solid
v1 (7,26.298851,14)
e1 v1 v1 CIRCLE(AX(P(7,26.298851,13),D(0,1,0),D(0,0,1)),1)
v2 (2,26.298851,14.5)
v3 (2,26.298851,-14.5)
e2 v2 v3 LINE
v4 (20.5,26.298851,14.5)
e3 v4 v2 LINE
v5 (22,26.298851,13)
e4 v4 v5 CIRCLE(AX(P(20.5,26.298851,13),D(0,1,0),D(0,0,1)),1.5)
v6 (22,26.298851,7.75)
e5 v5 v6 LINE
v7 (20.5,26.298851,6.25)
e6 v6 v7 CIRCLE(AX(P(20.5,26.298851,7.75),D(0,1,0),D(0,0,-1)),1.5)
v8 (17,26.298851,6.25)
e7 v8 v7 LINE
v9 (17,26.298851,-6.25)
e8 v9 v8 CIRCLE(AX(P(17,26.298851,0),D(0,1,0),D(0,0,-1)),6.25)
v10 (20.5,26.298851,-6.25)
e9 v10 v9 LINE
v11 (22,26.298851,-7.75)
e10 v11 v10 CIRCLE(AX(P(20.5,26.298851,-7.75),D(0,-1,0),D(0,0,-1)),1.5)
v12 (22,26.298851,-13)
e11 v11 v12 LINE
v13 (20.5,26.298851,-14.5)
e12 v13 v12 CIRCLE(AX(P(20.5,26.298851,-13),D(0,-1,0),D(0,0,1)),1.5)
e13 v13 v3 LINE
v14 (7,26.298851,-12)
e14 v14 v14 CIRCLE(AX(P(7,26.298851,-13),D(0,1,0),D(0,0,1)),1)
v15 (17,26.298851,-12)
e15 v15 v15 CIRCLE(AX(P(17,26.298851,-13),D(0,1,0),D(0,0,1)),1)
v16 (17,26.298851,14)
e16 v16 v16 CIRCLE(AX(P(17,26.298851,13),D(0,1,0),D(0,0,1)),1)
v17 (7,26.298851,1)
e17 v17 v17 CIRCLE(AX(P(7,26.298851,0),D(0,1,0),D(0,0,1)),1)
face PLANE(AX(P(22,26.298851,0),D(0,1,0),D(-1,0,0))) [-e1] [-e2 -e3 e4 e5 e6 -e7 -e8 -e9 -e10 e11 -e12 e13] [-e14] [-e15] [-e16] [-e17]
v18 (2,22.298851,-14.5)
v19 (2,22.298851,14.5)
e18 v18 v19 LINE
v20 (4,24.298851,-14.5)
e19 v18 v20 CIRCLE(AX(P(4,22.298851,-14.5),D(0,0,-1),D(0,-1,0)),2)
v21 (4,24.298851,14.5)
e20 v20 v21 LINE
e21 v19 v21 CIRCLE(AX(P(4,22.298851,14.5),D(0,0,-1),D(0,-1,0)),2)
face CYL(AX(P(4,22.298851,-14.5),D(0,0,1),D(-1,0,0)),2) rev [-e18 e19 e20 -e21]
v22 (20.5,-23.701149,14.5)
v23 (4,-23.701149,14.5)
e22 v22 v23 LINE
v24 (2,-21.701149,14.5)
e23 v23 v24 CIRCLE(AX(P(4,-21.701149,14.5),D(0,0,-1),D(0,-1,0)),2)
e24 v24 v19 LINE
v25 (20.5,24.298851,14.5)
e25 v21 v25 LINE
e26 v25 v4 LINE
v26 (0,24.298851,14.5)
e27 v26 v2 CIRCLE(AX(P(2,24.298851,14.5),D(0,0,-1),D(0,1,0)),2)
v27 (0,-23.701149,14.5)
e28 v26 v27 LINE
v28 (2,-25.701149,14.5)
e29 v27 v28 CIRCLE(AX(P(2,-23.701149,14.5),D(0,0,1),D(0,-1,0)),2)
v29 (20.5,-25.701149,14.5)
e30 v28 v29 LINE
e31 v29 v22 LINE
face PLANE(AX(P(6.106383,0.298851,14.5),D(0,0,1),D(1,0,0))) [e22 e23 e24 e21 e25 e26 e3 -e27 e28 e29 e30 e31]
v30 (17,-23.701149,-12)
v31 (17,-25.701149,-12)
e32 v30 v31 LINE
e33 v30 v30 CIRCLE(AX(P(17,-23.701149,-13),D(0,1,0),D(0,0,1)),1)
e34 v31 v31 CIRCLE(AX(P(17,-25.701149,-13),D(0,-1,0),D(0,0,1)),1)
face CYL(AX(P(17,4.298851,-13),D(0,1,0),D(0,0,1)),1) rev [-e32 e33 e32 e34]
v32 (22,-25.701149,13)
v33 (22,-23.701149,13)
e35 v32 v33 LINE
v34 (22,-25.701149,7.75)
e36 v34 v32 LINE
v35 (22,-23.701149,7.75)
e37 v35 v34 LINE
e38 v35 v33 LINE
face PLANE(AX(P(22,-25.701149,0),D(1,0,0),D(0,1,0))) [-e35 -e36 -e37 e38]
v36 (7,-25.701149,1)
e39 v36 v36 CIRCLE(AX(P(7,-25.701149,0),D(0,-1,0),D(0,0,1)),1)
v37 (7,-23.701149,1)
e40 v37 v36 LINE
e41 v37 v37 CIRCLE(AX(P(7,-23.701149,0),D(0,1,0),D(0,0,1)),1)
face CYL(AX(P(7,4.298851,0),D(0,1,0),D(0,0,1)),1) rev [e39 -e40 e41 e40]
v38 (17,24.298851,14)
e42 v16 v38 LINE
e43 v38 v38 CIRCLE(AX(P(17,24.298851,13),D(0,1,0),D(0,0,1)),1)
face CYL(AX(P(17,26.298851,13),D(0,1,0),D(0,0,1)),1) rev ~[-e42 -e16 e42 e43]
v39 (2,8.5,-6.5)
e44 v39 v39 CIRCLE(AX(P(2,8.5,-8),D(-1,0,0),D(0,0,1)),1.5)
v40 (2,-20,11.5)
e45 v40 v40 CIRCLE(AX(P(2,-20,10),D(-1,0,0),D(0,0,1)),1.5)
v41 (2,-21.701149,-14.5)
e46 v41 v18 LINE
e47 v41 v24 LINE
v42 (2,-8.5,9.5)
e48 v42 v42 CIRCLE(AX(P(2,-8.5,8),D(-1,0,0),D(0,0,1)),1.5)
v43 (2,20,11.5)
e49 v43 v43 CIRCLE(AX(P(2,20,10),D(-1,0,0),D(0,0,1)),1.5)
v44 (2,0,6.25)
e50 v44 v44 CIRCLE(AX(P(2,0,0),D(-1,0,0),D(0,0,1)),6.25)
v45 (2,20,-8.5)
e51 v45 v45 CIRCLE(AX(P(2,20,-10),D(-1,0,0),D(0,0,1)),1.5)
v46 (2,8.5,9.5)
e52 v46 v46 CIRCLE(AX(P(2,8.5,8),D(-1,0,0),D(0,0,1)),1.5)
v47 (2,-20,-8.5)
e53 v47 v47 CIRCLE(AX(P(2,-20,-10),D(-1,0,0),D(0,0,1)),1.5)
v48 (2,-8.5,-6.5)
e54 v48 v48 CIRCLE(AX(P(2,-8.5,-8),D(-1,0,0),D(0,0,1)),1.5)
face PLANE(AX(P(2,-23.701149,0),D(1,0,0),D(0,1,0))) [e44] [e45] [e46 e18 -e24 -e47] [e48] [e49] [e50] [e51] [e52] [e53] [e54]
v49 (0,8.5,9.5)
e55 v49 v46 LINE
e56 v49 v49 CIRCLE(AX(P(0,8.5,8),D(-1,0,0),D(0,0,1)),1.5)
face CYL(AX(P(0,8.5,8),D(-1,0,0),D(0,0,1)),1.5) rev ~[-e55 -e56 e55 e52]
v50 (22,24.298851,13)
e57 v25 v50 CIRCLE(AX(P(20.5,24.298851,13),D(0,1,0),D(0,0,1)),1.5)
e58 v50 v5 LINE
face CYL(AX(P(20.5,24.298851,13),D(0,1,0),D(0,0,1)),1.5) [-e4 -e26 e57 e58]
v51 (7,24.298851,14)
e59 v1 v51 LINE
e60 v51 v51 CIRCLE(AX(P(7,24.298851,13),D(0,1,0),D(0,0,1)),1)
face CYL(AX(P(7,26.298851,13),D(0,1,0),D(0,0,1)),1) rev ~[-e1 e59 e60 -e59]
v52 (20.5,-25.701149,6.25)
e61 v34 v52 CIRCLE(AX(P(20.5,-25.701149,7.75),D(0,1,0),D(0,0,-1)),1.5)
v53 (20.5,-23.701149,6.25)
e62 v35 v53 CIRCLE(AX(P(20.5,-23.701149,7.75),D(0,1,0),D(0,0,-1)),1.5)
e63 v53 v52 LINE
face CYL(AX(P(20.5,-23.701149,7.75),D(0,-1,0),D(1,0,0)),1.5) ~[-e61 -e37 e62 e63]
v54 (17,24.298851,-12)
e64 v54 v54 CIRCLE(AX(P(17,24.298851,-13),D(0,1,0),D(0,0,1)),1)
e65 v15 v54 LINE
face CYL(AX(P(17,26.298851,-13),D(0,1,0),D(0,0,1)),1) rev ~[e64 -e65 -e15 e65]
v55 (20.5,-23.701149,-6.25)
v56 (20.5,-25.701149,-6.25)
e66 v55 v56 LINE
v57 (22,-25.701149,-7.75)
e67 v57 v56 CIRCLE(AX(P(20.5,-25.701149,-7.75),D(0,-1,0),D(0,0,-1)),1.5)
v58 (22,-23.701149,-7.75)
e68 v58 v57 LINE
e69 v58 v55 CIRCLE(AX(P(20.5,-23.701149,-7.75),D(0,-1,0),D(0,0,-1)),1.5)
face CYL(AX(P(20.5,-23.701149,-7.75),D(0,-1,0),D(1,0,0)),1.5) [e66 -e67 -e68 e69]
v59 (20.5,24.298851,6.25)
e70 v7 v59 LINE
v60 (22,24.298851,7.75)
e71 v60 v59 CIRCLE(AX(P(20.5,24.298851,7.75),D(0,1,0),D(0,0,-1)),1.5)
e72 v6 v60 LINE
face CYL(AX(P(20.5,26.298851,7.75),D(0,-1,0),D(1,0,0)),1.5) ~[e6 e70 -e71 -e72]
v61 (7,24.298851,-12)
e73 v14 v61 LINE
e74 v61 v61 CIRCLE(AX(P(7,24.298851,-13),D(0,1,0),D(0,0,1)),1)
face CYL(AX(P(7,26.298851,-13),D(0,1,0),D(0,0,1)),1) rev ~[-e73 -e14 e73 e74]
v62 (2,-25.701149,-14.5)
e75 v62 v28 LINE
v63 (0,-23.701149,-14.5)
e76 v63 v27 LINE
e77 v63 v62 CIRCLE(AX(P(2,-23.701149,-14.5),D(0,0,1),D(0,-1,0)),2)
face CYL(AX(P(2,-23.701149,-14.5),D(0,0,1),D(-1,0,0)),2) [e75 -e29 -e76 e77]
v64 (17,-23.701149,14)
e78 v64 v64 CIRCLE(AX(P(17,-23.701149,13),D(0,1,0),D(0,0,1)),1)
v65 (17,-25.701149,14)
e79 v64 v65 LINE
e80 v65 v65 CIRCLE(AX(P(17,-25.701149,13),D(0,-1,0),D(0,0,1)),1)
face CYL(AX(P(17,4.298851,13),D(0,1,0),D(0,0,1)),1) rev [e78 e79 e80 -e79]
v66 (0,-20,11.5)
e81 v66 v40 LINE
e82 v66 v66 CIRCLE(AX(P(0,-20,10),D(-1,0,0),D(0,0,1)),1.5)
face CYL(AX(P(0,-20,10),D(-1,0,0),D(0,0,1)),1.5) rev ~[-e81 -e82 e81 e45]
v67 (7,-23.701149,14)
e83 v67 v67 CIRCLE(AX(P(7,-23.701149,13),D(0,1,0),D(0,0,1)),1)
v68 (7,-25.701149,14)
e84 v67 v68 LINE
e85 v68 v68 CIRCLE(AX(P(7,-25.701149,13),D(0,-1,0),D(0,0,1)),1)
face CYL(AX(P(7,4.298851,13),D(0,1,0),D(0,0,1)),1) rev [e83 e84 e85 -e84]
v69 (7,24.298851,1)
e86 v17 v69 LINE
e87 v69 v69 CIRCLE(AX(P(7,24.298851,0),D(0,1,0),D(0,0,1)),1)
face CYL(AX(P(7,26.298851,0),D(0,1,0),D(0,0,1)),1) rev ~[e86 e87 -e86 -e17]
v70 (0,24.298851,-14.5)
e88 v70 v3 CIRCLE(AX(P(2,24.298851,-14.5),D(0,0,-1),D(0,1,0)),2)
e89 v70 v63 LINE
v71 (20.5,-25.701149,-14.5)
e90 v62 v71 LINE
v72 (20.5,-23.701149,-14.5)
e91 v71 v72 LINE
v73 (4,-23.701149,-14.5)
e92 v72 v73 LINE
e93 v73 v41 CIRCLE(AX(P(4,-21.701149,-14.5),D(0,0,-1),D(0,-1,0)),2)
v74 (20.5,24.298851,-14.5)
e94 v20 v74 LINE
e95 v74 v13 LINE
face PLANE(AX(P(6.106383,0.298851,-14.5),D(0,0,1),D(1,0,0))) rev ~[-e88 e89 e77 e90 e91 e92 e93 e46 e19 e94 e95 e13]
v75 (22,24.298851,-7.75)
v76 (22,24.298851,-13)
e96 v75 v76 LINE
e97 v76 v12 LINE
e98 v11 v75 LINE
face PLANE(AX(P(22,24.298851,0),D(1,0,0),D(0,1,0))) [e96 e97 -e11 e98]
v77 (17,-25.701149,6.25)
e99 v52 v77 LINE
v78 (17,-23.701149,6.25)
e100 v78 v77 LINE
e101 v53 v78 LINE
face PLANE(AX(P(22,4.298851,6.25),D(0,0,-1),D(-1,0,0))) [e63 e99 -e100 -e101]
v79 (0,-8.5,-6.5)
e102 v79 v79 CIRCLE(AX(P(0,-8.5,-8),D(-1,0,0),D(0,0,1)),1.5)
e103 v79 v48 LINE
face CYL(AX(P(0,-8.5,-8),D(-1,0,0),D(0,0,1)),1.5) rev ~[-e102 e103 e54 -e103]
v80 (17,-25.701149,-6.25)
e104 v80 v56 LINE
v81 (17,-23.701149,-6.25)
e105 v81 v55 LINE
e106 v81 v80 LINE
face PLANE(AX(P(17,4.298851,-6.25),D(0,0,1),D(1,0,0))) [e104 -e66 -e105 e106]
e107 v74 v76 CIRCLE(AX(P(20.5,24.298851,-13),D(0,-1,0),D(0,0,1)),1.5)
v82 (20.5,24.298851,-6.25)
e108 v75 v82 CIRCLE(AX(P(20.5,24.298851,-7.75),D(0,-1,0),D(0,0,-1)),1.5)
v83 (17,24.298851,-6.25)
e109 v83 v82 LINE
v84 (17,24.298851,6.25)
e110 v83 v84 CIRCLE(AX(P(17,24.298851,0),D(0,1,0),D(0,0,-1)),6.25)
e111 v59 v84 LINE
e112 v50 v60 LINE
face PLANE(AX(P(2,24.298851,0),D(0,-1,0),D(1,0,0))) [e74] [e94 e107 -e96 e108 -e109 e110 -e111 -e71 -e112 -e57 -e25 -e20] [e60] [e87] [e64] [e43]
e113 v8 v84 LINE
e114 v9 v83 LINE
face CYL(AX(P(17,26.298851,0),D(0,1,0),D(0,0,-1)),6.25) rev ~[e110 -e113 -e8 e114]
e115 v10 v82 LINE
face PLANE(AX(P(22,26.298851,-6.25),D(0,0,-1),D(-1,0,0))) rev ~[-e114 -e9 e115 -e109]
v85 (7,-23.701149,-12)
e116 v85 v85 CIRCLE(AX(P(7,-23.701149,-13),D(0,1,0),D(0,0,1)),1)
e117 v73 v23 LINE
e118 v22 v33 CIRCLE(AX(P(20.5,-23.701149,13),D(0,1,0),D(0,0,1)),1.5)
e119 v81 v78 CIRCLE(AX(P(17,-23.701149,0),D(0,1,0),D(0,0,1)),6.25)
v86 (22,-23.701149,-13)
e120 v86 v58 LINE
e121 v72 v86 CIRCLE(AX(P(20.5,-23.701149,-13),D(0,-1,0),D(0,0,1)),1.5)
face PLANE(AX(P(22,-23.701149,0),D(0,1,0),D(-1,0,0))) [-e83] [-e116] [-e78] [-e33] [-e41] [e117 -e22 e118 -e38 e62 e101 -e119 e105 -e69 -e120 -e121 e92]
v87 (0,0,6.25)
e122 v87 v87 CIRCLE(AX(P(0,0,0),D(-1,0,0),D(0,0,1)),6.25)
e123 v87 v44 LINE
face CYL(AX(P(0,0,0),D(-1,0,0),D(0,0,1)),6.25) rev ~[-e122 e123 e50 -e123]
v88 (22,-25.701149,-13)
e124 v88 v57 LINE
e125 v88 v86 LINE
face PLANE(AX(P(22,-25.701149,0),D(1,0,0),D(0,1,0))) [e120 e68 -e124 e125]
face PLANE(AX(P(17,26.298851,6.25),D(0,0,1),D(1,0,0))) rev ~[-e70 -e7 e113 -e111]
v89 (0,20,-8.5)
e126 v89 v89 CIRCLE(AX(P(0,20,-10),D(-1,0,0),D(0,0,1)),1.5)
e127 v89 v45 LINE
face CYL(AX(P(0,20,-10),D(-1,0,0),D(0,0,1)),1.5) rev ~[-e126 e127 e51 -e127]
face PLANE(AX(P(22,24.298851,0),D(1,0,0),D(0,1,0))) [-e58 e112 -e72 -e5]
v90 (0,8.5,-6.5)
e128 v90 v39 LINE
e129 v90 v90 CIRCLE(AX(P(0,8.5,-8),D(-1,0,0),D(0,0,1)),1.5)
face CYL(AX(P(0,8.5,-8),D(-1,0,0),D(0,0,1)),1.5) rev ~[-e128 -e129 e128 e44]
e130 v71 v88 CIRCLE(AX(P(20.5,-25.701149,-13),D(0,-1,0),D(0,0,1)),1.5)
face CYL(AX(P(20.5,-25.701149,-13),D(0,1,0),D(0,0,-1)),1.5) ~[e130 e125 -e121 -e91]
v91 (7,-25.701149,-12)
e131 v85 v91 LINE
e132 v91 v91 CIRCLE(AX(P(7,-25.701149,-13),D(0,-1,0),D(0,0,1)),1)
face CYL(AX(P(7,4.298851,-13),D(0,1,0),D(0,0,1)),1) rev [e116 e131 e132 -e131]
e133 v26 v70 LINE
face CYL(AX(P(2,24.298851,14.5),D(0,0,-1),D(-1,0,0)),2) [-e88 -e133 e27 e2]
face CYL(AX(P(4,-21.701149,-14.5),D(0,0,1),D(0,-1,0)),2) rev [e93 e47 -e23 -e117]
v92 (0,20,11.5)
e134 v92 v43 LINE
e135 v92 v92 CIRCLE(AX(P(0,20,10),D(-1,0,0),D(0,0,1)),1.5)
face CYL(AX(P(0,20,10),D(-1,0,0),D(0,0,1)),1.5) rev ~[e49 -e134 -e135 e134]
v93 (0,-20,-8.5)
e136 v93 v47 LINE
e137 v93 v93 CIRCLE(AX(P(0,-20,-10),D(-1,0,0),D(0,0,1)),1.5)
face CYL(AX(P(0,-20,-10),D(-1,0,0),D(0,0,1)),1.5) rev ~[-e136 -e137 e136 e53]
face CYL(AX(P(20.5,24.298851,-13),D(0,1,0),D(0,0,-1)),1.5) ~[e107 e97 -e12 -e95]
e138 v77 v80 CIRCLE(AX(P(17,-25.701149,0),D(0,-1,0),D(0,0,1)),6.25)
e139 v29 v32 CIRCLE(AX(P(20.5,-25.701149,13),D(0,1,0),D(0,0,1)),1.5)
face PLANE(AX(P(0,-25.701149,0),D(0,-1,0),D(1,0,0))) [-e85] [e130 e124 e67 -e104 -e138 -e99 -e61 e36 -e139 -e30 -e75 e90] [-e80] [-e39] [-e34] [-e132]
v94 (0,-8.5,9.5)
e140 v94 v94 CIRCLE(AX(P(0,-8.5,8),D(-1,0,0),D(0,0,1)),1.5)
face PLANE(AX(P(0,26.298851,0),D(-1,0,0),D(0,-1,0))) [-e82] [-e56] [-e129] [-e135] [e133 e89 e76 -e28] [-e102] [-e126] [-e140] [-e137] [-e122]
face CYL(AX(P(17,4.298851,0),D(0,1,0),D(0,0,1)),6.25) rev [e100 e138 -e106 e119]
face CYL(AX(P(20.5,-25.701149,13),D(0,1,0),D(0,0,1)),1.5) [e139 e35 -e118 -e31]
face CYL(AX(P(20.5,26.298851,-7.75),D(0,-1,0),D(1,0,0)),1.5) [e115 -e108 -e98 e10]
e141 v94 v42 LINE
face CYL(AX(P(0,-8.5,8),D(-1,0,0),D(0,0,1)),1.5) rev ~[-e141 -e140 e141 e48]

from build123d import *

# Parameters (mm, degrees)
EXTRUDE_1_DEPTH     = 14.5
SKETCH_2_R          = 1
CUT_EXTRUDE_1_DEPTH = 30
CUT_EXTRUDE_START   = -30
SKETCH_3_R          = 1
CUT_EXTRUDE_2_DEPTH = 30
FILLET_1_R          = 2
FILLET_2_R          = 1.5
SKETCH_4_R          = 6.25
SKETCH_4_R_2        = 1.5
CUT_EXTRUDE_3_DEPTH = 30


with BuildPart() as part:
    # ｽｹｯﾁ1 → ﾎﾞｽ - 押し出し1 (new, symmetric)
    with BuildSketch(Plane.XY):
        Polygon((0, 26.298850575), (0, -25.701149425), (22, -25.701149425), (22, -23.701149425), (2, -23.701149425), (2, 24.298850575), (22, 24.298850575), (22, 26.298850575), align=None)
    extrude(amount=EXTRUDE_1_DEPTH, both=True)

    # ｽｹｯﾁ2 → ｶｯﾄ - 押し出し1 (cut)
    with BuildSketch(Plane(origin=(0, 26.298850575, 0), x_dir=(1, 0, 0), z_dir=(0, 1, 0))):
        with BuildLine():
            ThreePointArc((17, 6.25), (10.75, 0), (17, -6.25))
            Line((17, -6.25), (22, -6.25))
            Line((22, -6.25), (22, 6.25))
            Line((22, 6.25), (17, 6.25))
        make_face()
        with Locations(Location((17, 13, 0), (0, 0, 270))):
            Circle(SKETCH_2_R)
        with Locations(Location((17, -13, 0), (0, 0, 270))):
            Circle(SKETCH_2_R)
        with Locations(Location((7, 0, 0), (0, 0, 270))):
            Circle(SKETCH_2_R)
        with Locations(Location((7, 13, 0), (0, 0, 270))):
            Circle(SKETCH_2_R)
        with Locations(Location((7, -13, 0), (0, 0, 270))):
            Circle(SKETCH_2_R)
    extrude(amount=-CUT_EXTRUDE_1_DEPTH, mode=Mode.SUBTRACT)

    # ｽｹｯﾁ3 → ｶｯﾄ - 押し出し2 (cut)
    with BuildSketch(Plane.XZ.offset(25.701149425).offset(CUT_EXTRUDE_START)):
        with BuildLine():
            Line((17, -6.25), (22, -6.25))
            Line((22, -6.25), (22, 6.25))
            Line((22, 6.25), (17, 6.25))
            ThreePointArc((17, 6.25), (10.75, 0), (17, -6.25))
        make_face()
        with Locations(Location((17, -13, 0), (0, 0, 90))):
            Circle(SKETCH_3_R)
        with Locations(Location((17, 13, 0), (0, 0, 90))):
            Circle(SKETCH_3_R)
        with Locations(Location((7, 0, 0), (0, 0, 90))):
            Circle(SKETCH_3_R)
        with Locations(Location((7, -13, 0), (0, 0, 90))):
            Circle(SKETCH_3_R)
        with Locations(Location((7, 13, 0), (0, 0, 90))):
            Circle(SKETCH_3_R)
    extrude(amount=CUT_EXTRUDE_2_DEPTH, mode=Mode.SUBTRACT)

    # ﾌｨﾚｯﾄ1
    fillet_1_edges = [part.edges().sort_by_distance(p)[0] for p in [
        (2, 24.298850575, 0),
        (2, -23.701149425, 0),
        (0, -25.701149425, 0),
        (0, 26.298850575, 0),
    ]]
    fillet(fillet_1_edges, radius=FILLET_1_R)

    # ﾌｨﾚｯﾄ2
    fillet_2_edges = [part.edges().sort_by_distance(p)[0] for p in [
        (22, -24.701149425, -14.5),
        (22, -24.701149425, 14.5),
        (22, 25.298850575, 6.25),
        (22, 25.298850575, -6.25),
        (22, 25.298850575, 14.5),
        (22, 25.298850575, -14.5),
        (22, -24.701149425, 6.25),
        (22, -24.701149425, -6.25),
    ]]
    fillet(fillet_2_edges, radius=FILLET_2_R)

    # ｽｹｯﾁ4 → ｶｯﾄ - 押し出し3 (cut)
    with BuildSketch(Plane.ZY):
        Circle(SKETCH_4_R)
        with Locations((10, -20)):
            Circle(SKETCH_4_R_2)
        with Locations((-10, -20)):
            Circle(SKETCH_4_R_2)
        with Locations((-10, 20)):
            Circle(SKETCH_4_R_2)
        with Locations((10, 20)):
            Circle(SKETCH_4_R_2)
        with Locations((8, -8.5)):
            Circle(SKETCH_4_R_2)
        with Locations((-8, -8.5)):
            Circle(SKETCH_4_R_2)
        with Locations((-8, 8.5)):
            Circle(SKETCH_4_R_2)
        with Locations((8, 8.5)):
            Circle(SKETCH_4_R_2)
    extrude(amount=-CUT_EXTRUDE_3_DEPTH, mode=Mode.SUBTRACT)


solid = part.part
